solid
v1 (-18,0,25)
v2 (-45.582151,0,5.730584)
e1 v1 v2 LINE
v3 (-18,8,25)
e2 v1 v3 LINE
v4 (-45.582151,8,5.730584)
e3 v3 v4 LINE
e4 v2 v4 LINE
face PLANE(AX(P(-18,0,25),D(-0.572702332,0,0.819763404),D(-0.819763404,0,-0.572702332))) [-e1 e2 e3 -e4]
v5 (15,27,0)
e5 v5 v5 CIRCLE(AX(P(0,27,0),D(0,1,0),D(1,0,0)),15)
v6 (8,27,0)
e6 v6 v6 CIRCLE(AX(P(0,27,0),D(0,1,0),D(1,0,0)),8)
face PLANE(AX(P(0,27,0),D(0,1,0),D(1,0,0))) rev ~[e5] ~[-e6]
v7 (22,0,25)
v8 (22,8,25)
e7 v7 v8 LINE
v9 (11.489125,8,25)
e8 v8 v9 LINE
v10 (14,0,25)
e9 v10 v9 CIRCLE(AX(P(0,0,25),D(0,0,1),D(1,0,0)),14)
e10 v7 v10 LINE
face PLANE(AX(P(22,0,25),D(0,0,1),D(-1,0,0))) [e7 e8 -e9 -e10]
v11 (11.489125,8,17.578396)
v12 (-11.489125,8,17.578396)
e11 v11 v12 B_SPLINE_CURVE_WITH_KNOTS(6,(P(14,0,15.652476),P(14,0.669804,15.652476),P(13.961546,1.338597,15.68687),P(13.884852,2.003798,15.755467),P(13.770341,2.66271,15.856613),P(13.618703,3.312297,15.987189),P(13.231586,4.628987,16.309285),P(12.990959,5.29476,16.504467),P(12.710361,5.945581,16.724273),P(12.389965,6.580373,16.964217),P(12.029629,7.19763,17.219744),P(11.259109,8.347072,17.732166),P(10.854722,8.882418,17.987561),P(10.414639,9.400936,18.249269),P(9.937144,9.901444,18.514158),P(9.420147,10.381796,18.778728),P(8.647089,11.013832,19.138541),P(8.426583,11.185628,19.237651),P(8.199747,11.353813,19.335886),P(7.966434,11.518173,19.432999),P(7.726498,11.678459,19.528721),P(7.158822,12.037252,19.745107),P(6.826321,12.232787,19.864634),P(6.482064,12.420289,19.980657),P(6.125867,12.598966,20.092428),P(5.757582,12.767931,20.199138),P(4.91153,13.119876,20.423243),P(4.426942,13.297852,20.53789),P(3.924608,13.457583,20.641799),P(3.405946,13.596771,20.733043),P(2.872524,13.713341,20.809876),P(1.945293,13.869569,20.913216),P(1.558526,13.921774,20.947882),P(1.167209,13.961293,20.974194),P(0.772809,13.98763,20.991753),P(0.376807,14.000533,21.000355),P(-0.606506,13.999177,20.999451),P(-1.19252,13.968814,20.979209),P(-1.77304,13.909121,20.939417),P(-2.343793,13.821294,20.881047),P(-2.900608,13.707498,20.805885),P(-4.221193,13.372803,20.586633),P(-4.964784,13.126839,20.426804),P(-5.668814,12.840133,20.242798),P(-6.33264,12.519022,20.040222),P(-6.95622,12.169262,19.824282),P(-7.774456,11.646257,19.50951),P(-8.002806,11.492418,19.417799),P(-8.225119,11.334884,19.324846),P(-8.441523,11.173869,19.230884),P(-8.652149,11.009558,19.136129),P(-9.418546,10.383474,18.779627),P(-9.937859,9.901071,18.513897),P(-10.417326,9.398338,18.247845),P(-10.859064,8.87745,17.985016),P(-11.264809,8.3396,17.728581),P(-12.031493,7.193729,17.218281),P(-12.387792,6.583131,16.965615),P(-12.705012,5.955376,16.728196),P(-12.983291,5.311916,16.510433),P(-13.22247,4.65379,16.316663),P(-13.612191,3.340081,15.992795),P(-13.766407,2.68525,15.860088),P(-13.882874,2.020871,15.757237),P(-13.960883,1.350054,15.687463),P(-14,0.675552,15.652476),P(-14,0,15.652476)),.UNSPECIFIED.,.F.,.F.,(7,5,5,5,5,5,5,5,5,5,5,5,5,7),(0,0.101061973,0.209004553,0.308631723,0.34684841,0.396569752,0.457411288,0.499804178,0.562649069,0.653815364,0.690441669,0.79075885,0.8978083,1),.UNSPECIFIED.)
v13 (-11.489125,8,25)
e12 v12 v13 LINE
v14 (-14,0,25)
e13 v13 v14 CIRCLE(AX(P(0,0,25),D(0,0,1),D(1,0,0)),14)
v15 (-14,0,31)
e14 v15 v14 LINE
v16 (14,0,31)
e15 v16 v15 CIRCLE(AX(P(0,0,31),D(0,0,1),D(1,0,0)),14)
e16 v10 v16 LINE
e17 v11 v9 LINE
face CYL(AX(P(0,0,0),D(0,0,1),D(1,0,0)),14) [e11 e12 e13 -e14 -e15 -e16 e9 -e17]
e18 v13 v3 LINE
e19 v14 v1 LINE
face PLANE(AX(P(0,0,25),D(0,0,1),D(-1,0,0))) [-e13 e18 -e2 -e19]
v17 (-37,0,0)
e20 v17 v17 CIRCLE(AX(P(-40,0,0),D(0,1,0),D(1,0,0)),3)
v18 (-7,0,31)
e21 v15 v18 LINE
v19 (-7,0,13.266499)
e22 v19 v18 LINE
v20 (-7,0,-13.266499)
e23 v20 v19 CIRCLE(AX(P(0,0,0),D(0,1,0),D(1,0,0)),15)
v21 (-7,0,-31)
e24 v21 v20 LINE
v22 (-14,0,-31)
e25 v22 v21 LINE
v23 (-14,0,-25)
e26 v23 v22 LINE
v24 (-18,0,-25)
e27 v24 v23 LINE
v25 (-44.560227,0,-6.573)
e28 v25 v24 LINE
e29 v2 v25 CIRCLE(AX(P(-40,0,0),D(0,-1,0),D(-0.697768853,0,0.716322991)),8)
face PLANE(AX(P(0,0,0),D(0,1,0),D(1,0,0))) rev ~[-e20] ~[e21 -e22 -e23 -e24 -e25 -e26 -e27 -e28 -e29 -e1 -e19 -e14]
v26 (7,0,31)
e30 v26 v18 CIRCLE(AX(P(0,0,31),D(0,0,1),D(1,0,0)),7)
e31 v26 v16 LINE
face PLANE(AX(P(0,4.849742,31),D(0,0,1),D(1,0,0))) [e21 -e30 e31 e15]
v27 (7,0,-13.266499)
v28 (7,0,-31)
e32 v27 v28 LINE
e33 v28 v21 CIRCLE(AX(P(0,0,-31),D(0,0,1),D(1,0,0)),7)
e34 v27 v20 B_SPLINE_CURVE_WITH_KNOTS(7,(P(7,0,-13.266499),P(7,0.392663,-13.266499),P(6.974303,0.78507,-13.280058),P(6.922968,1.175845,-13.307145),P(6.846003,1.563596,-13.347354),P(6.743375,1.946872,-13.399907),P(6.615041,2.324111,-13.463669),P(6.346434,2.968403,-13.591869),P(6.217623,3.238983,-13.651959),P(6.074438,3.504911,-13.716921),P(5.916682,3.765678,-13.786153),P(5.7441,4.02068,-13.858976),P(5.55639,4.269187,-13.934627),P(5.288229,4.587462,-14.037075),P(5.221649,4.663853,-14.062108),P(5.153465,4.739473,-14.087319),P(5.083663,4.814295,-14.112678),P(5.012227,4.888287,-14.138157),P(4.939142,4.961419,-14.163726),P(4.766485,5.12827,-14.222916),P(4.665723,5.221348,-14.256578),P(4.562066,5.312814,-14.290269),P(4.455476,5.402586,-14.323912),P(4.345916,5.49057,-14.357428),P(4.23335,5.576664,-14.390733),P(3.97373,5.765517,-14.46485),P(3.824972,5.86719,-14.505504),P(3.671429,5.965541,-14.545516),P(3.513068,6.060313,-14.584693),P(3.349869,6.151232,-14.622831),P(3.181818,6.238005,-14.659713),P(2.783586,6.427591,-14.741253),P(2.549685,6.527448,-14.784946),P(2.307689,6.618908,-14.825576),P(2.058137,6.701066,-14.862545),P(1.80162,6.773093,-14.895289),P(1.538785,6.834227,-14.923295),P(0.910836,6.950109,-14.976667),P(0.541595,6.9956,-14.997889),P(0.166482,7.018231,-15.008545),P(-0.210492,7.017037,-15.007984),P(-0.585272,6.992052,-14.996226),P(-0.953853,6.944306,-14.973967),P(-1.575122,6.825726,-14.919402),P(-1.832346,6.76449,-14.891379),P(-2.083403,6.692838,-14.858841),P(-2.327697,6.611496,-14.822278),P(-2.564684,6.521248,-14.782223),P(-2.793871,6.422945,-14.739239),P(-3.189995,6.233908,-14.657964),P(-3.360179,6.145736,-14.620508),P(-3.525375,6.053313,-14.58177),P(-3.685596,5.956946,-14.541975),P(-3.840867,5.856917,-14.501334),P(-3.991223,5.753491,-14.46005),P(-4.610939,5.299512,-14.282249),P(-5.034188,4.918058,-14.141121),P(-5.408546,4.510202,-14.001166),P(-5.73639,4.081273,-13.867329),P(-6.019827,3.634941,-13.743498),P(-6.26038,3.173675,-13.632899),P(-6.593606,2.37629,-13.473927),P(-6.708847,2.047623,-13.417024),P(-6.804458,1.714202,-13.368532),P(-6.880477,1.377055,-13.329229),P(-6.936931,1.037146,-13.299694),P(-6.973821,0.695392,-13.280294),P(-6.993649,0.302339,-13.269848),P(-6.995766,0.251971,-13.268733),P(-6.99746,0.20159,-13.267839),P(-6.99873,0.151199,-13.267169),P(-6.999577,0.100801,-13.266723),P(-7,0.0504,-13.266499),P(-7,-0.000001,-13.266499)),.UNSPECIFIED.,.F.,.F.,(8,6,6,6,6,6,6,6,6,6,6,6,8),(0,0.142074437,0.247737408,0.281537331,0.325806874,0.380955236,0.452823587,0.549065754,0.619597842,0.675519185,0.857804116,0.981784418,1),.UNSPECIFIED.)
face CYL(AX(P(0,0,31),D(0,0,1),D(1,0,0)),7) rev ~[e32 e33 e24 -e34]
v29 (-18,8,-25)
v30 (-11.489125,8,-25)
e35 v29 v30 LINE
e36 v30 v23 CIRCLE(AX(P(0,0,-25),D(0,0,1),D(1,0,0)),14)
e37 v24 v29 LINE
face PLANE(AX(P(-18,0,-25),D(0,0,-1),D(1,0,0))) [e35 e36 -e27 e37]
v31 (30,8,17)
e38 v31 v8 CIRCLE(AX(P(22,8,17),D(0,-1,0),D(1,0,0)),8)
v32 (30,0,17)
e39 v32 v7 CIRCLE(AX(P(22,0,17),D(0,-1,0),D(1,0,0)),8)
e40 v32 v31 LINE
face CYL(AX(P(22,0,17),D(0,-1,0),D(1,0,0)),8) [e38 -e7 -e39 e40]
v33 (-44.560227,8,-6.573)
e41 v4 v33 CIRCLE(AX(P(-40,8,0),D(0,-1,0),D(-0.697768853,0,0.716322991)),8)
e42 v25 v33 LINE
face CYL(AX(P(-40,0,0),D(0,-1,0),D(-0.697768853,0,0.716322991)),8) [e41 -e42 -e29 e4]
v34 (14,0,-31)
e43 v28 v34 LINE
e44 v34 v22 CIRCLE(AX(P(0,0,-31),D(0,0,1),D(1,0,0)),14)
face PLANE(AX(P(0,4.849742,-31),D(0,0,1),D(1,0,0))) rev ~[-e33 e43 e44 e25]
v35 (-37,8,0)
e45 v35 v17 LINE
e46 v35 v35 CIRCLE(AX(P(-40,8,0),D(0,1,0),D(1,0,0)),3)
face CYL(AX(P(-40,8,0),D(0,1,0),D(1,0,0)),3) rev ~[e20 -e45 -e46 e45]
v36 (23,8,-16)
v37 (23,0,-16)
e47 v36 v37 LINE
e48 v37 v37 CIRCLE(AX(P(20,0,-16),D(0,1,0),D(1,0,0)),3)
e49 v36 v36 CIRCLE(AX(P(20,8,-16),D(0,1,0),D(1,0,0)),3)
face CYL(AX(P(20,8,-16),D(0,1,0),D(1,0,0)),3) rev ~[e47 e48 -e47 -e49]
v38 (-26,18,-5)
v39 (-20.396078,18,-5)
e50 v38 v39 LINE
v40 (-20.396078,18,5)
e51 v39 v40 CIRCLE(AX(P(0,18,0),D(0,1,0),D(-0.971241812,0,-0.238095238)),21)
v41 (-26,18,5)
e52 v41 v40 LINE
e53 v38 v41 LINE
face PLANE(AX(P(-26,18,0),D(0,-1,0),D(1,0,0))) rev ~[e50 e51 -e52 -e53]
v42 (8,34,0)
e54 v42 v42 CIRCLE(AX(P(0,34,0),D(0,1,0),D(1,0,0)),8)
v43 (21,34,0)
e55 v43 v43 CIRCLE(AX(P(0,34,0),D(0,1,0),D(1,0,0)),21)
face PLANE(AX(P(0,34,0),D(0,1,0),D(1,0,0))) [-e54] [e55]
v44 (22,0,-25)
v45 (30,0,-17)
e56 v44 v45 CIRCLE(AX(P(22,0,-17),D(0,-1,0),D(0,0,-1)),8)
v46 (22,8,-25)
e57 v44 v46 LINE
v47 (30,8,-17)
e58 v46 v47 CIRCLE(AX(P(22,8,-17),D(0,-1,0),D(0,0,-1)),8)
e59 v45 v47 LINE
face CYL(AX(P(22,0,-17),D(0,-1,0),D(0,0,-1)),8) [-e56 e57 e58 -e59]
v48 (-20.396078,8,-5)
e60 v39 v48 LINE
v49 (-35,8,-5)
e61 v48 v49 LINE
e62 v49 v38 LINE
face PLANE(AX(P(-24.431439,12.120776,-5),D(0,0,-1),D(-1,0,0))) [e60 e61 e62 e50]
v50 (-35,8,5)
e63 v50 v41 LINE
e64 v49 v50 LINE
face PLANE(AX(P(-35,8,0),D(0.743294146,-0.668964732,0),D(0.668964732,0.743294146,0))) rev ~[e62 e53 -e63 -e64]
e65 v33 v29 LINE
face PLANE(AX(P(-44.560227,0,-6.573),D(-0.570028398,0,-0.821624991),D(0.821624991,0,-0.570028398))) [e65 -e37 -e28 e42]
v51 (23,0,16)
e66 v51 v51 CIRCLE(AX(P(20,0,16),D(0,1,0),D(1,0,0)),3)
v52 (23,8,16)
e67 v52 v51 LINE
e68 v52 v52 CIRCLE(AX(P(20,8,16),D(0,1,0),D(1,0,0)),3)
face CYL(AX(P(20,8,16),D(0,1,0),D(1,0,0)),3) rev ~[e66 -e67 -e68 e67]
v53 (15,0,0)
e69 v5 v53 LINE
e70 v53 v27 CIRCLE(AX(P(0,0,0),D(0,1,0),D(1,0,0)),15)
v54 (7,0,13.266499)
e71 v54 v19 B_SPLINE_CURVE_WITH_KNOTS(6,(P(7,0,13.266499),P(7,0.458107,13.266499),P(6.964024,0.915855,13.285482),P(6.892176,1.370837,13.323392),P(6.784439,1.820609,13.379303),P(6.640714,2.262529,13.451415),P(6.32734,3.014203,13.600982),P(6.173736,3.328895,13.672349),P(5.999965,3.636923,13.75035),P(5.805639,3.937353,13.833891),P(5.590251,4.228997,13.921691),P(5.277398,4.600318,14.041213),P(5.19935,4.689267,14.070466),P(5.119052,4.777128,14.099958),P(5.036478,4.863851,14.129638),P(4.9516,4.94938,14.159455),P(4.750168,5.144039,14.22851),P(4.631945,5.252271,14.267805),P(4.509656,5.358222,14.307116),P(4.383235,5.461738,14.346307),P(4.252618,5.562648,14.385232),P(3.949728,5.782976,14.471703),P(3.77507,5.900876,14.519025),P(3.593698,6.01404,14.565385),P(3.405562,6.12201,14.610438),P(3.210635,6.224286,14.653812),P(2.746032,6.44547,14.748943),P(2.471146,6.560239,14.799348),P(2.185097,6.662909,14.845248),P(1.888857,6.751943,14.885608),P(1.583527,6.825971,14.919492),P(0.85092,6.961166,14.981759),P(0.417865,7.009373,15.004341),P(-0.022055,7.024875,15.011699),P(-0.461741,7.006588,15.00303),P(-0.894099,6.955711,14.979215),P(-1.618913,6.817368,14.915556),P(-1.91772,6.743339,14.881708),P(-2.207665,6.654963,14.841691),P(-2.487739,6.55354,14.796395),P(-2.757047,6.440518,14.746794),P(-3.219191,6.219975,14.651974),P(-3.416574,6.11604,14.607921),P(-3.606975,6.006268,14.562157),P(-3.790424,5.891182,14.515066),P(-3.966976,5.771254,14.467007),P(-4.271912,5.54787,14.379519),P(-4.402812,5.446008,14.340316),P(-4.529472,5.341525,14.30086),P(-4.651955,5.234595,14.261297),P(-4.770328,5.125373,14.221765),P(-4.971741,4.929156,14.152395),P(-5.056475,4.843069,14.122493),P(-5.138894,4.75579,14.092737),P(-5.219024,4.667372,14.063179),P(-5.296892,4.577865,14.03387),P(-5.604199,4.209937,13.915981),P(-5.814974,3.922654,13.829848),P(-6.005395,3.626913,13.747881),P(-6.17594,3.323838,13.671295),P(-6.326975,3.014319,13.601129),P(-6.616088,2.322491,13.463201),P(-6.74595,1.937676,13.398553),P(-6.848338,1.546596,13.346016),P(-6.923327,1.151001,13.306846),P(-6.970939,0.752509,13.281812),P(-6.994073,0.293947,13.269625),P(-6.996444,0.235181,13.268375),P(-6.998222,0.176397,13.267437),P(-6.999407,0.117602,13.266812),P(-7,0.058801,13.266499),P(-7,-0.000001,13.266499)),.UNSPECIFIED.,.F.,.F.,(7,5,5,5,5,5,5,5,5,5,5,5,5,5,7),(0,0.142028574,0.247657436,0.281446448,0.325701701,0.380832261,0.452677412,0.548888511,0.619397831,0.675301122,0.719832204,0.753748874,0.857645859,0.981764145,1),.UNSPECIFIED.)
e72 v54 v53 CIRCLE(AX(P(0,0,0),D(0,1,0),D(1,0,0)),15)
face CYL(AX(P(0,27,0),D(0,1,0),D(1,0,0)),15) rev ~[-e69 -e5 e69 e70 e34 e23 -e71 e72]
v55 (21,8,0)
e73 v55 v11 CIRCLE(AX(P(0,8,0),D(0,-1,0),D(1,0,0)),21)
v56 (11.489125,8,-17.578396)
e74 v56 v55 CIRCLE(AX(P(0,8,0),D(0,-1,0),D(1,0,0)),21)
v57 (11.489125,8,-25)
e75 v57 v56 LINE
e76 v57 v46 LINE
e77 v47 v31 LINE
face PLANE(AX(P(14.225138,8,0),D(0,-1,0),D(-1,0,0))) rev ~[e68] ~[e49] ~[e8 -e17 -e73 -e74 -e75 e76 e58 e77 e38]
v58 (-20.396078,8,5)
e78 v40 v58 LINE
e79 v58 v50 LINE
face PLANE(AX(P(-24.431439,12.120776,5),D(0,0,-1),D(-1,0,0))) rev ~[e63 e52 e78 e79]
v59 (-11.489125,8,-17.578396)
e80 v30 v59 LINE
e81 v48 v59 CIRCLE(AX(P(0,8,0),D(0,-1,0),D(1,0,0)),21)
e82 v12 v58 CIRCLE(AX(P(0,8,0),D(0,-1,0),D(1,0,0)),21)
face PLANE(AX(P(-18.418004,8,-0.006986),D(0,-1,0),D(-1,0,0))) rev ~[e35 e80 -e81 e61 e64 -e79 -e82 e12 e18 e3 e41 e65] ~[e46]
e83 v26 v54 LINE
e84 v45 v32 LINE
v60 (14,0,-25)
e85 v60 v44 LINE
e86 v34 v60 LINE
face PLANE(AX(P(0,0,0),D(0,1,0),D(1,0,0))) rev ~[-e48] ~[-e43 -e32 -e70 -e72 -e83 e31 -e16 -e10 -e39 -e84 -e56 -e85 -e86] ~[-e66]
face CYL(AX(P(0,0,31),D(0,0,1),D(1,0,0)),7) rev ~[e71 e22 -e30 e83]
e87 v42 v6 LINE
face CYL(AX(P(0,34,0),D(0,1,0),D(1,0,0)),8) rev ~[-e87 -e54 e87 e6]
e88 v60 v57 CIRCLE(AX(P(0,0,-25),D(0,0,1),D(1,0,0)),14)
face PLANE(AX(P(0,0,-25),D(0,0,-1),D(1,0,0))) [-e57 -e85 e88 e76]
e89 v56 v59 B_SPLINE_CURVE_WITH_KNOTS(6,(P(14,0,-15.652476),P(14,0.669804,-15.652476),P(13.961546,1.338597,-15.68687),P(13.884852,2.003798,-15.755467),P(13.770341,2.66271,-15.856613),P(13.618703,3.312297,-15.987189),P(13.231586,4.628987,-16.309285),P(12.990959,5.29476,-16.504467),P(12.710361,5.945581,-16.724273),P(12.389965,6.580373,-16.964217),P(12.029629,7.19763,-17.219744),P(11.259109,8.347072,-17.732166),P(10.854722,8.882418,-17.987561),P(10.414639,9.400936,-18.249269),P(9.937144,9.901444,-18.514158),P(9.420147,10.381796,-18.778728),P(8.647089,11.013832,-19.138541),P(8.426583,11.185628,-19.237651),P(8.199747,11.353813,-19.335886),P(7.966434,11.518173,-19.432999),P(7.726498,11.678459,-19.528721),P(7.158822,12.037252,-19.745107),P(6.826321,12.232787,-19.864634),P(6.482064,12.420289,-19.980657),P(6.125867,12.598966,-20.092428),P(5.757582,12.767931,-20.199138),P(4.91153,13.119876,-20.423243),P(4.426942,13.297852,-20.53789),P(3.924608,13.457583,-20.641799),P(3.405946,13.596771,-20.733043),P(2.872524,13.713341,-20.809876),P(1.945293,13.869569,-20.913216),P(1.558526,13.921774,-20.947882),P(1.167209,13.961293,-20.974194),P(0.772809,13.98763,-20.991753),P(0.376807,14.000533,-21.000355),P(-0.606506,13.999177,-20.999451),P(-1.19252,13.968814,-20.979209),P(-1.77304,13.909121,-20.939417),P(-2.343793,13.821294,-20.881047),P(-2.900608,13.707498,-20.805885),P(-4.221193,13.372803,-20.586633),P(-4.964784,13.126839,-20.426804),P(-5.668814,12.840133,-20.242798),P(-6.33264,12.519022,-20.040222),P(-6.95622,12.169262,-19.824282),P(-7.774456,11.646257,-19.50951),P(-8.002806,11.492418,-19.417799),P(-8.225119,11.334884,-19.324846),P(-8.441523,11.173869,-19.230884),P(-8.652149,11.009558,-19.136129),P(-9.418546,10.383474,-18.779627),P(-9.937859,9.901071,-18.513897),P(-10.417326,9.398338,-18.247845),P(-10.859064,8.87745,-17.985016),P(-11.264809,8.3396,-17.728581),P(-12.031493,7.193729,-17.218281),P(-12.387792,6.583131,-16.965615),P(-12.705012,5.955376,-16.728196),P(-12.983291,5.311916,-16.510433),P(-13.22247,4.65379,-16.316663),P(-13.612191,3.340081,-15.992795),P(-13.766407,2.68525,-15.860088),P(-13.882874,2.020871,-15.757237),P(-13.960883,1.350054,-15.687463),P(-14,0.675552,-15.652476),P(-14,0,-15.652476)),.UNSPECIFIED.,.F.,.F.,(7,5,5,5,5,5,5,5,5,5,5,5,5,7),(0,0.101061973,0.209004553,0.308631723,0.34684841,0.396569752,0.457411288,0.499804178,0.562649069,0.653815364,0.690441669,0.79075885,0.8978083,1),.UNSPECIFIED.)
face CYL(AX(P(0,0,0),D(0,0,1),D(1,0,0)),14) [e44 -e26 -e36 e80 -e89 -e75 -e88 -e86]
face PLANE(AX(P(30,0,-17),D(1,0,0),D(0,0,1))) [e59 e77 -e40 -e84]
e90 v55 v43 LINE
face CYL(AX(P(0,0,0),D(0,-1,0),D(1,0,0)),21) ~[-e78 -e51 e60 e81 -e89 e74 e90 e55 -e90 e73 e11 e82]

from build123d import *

# Parameters (mm, degrees)
EXTRUDE_1_DEPTH      = 31
EXTRUDE_1_DEPTH_BACK = 31
SKETCH_2_R           = 21
EXTRUDE_2_DEPTH      = 34
EXTRUDE_3_DEPTH      = 8
EXTRUDE_4_DEPTH      = 8
EXTRUDE_5_DEPTH      = 5
EXTRUDE_5_DEPTH_BACK = 5
SKETCH_6_R           = 8
CUT_EXTRUDE_1_DEPTH  = 7
SKETCH_7_R           = 15
CUT_EXTRUDE_2_DEPTH  = 64.198101329
SKETCH_8_R           = 7
CUT_EXTRUDE_3_DEPTH  = 86.463442589
SKETCH_9_R           = 3
CUT_EXTRUDE_4_DEPTH  = 63.777384554


with BuildPart() as part:
    # 草图1 → 凸台-拉伸1 (new, two sides: drawn at the far end of the back side and taken through both)
    with BuildSketch(Plane.XY.offset(-EXTRUDE_1_DEPTH_BACK)):
        with BuildLine():
            Line((-14, 0), (14, 0))
            ThreePointArc((14, 0), (0, 14), (-14, 0))
        make_face()
    extrude(amount=EXTRUDE_1_DEPTH + EXTRUDE_1_DEPTH_BACK)

    # 草图2 → 凸台-拉伸2 (add)
    with BuildSketch(Plane(origin=(0, 0, 0), x_dir=(1, 0, 0), z_dir=(0, 1, 0))):
        Circle(SKETCH_2_R)
    extrude(amount=EXTRUDE_2_DEPTH)

    # 草图3 → 凸台-拉伸3 (add)
    with BuildSketch(Plane(origin=(0, 0, 0), x_dir=(1, 0, 0), z_dir=(0, 1, 0))):
        with BuildLine():
            Line((0, 25), (0, -25))
            Line((0, -25), (-18, -25))
            Line((-18, -25), (-45.582150825, -5.730583929))
            ThreePointArc((-45.582150825, -5.730583929), (-47.97254676, 0.662191934), (-44.560227187, 6.572999924))
            Line((-44.560227187, 6.572999924), (-18, 25))
            Line((-18, 25), (0, 25))
        make_face()
    extrude(amount=EXTRUDE_3_DEPTH)

    # 草图4 → 凸台-拉伸4 (add)
    with BuildSketch(Plane(origin=(0, 0, 0), x_dir=(1, 0, 0), z_dir=(0, 1, 0))):
        with BuildLine():
            Line((0, -25), (0, 25))
            Line((0, 25), (22, 25))
            ThreePointArc((22, 25), (27.656854249, 22.656854249), (30, 17))
            Line((30, 17), (30, -17))
            ThreePointArc((30, -17), (27.656854249, -22.656854249), (22, -25))
            Line((22, -25), (0, -25))
        make_face()
    extrude(amount=EXTRUDE_4_DEPTH)

    # 草图5 → 凸台-拉伸5 (add, two sides: drawn at the far end of the back side and taken through both)
    with BuildSketch(Plane.XY.offset(-EXTRUDE_5_DEPTH_BACK)):
        Polygon((-16.636065675, 8), (-35, 8), (-26, 18), (-16.636065675, 18), align=None)
    extrude(amount=EXTRUDE_5_DEPTH + EXTRUDE_5_DEPTH_BACK)

    # 草图6 → 切除-拉伸1 (cut)
    with BuildSketch(Plane(origin=(0, 34, 0), x_dir=(1, 0, 0), z_dir=(0, 1, 0))):
        Circle(SKETCH_6_R)
    extrude(amount=-CUT_EXTRUDE_1_DEPTH, mode=Mode.SUBTRACT)

    # 草图7 → 切除-拉伸2 (cut, through all)
    with BuildSketch(Plane(origin=(0, 27, 0), x_dir=(1, 0, 0), z_dir=(0, 1, 0))):
        Circle(SKETCH_7_R)
    extrude(amount=-CUT_EXTRUDE_2_DEPTH, mode=Mode.SUBTRACT)

    # 草图8 → 切除-拉伸3 (cut, through all)
    with BuildSketch(Plane.XY.offset(31)):
        Circle(SKETCH_8_R)
    extrude(amount=-CUT_EXTRUDE_3_DEPTH, mode=Mode.SUBTRACT)

    # 草图9 → 切除-拉伸4 (cut, through all)
    with BuildSketch(Plane(origin=(0, 8, 0), x_dir=(1, 0, 0), z_dir=(0, 1, 0))):
        with Locations((-40, 0)):
            Circle(SKETCH_9_R)
        with Locations((20, 16)):
            Circle(SKETCH_9_R)
        with Locations((20, -16)):
            Circle(SKETCH_9_R)
    extrude(amount=-CUT_EXTRUDE_4_DEPTH, mode=Mode.SUBTRACT)


solid = part.part
